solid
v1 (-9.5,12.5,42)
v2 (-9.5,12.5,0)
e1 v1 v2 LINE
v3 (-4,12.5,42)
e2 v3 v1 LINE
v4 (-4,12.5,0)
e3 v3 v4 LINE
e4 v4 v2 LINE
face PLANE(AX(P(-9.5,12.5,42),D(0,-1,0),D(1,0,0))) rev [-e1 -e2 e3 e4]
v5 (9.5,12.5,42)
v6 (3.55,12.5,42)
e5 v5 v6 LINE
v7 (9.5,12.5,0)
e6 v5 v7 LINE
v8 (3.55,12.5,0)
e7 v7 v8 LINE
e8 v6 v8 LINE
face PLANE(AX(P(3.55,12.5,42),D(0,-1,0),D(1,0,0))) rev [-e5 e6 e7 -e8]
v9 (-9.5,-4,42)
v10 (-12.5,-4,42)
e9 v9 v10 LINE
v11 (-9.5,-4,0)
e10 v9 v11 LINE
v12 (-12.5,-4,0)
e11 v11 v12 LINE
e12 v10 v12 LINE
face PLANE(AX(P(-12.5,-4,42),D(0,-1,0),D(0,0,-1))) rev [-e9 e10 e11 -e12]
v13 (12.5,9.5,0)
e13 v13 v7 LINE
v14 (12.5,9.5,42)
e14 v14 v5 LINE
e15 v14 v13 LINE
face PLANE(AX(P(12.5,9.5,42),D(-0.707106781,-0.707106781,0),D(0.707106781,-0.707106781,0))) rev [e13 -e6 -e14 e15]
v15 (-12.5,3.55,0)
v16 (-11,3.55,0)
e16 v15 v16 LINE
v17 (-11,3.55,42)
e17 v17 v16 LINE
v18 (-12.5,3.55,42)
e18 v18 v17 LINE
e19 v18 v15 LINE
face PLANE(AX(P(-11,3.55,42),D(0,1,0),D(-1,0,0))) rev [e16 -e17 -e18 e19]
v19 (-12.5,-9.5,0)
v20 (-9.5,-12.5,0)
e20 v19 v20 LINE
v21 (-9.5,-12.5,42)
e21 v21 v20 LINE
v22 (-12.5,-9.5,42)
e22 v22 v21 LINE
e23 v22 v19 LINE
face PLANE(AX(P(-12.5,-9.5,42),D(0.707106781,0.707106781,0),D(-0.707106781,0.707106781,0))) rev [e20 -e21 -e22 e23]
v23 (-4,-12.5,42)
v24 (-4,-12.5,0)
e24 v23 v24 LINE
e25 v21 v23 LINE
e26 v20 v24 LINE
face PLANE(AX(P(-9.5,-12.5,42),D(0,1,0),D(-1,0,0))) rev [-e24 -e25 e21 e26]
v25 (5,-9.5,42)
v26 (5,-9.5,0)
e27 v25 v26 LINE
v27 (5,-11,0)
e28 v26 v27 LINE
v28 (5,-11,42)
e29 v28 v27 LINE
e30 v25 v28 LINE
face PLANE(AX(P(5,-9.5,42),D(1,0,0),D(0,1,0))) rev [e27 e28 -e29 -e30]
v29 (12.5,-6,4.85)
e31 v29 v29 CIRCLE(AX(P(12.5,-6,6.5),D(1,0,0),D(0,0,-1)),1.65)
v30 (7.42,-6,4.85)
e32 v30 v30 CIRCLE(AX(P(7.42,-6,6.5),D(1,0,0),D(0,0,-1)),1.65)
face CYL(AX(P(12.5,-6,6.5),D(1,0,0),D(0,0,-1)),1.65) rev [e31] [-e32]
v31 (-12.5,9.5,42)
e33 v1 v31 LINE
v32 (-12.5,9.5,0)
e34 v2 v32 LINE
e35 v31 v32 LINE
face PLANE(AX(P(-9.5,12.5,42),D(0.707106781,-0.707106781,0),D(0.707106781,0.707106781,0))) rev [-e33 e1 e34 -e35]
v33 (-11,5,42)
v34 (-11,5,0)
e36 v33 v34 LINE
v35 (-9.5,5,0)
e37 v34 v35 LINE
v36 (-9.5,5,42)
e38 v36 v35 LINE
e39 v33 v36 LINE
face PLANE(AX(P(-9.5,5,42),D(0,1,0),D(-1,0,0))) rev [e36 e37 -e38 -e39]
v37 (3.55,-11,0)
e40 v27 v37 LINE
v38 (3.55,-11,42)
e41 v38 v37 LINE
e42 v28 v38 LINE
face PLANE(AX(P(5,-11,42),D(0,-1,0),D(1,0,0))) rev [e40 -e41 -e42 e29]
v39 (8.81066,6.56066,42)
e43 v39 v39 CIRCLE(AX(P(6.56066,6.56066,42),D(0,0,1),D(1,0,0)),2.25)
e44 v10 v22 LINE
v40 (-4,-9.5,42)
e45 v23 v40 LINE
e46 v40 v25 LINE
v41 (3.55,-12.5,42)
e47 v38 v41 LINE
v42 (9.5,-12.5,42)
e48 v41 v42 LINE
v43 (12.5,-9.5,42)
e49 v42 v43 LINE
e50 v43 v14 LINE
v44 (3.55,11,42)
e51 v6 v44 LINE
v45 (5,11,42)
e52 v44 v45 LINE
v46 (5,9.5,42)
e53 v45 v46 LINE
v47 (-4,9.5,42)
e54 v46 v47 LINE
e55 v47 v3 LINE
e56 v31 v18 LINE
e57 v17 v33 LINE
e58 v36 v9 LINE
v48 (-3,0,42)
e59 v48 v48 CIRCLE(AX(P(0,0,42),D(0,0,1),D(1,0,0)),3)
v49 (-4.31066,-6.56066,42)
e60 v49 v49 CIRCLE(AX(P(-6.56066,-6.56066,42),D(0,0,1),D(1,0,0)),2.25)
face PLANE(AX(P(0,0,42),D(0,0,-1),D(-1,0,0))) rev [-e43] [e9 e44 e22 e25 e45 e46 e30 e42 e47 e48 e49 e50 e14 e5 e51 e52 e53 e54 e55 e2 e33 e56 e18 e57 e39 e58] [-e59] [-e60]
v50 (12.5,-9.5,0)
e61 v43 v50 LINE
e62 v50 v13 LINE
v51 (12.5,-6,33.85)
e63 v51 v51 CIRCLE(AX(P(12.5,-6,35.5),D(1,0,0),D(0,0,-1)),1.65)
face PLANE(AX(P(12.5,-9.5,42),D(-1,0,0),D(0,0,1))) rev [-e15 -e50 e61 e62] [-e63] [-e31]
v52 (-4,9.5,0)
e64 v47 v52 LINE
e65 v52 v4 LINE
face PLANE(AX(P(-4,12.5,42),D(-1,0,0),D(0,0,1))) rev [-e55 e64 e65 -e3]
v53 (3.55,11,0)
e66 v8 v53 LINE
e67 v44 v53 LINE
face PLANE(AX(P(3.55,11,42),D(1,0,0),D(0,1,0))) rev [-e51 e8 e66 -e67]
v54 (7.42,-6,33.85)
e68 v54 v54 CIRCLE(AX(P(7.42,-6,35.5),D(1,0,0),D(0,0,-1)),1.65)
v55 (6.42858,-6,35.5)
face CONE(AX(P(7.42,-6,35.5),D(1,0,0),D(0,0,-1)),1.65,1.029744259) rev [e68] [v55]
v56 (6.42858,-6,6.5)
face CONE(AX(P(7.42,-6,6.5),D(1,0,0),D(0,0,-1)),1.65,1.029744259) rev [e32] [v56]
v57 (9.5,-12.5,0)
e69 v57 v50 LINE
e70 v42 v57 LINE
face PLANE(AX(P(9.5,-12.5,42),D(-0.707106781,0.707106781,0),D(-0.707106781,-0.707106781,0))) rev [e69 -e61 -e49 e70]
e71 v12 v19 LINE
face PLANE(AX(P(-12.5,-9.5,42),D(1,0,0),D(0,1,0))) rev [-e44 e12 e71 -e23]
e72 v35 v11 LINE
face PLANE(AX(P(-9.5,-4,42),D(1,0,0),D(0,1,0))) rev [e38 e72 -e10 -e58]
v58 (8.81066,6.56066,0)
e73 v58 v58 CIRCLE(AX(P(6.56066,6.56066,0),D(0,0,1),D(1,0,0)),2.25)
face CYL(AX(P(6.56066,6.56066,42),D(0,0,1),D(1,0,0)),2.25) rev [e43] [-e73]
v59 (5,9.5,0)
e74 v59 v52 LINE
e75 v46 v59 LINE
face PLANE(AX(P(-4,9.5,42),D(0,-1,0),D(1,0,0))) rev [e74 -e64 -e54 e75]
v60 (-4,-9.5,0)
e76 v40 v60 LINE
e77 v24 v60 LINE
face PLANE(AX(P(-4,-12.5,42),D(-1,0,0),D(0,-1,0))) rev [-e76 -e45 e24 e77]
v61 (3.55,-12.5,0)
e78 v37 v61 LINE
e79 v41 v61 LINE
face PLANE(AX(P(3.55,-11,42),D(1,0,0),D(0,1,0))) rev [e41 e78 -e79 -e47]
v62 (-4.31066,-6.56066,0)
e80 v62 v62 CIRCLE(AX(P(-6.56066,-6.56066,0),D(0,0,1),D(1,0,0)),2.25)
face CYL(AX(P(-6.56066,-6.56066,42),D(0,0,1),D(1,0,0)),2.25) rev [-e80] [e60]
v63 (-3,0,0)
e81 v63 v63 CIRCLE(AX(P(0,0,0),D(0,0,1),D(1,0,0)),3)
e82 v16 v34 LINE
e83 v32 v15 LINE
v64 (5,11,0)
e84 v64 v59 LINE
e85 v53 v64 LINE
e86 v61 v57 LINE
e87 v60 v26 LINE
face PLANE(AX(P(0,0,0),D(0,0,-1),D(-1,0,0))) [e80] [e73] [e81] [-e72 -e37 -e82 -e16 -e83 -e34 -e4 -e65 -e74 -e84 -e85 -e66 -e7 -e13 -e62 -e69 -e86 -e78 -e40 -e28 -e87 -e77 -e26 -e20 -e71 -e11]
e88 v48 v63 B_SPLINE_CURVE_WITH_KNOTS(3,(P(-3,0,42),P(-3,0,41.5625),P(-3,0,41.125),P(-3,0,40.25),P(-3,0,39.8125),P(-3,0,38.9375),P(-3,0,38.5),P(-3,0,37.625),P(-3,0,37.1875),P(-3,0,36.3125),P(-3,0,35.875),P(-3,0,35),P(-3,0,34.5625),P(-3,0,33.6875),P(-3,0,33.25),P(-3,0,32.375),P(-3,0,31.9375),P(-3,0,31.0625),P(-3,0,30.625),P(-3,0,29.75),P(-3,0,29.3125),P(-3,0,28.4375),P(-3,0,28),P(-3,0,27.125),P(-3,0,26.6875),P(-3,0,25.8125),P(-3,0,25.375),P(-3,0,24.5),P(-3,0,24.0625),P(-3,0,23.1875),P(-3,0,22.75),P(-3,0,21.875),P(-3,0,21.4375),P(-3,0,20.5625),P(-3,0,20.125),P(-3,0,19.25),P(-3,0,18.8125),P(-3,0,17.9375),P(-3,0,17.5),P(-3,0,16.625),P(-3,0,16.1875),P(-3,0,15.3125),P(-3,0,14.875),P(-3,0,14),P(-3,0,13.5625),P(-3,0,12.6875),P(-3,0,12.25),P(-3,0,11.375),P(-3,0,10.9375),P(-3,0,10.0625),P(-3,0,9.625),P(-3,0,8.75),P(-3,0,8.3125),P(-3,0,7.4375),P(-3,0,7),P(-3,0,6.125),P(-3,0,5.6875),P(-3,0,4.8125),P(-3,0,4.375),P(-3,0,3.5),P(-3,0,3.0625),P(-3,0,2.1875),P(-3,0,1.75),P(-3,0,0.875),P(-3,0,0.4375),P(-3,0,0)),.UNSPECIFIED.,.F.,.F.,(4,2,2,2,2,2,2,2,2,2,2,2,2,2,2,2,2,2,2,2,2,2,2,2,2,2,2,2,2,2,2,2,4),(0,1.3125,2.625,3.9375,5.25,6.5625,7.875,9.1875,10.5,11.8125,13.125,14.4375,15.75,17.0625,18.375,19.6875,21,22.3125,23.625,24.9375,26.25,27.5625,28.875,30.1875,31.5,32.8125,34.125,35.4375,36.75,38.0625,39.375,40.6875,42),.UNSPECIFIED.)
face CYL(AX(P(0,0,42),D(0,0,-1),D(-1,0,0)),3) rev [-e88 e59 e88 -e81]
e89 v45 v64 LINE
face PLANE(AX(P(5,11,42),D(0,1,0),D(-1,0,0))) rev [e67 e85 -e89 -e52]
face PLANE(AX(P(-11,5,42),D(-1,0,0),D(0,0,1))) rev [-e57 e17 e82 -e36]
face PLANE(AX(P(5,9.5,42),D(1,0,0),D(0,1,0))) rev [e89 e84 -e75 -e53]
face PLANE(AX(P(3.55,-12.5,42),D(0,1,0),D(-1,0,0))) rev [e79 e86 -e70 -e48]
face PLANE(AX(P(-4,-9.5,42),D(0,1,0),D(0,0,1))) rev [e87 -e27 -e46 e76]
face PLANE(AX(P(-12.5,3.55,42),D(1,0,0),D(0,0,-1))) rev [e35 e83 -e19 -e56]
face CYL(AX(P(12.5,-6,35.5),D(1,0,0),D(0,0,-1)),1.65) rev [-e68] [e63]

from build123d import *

# Parameters (mm, degrees)
SKETCH1_R                       = 3
BOSS_EXTRUDE1_DEPTH             = 42
M4_CLEARANCE_HOLE1_D            = 4.5
TAP_DRILL_FOR_M4X0_7_TAP1_D     = 3.3
TAP_DRILL_FOR_M4X0_7_TAP1_DEPTH = 5.08
TAP_DRILL_FOR_M4X0_7_TAP1_TIP   = 0.991420021


with BuildPart() as part:
    # Sketch1 → Boss-Extrude1 (new body)
    with BuildSketch(Plane.XY):
        Polygon((-12.5, -9.5), (-9.5, -12.5), (-4, -12.5), (-4, -9.5), (5, -9.5), (5, -11), (3.55, -11), (3.55, -12.5), (9.5, -12.5), (12.5, -9.5), (12.5, 9.5), (9.5, 12.5), (3.55, 12.5), (3.55, 11), (5, 11), (5, 9.5), (-4, 9.5), (-4, 12.5), (-9.5, 12.5), (-12.5, 9.5), (-12.5, 3.55), (-11, 3.55), (-11, 5), (-9.5, 5), (-9.5, -4), (-12.5, -4), align=None)
        with Locations(Location((0, 0, 0), (0, 0, 180))):
            Circle(SKETCH1_R, mode=Mode.SUBTRACT)
    extrude(amount=BOSS_EXTRUDE1_DEPTH)

    # M4 Clearance Hole1 (through all)
    with Locations(Plane.XY.offset(42)):
        with Locations((6.560660172, 6.560660172), (-6.560660172, -6.560660172)):
            Hole(M4_CLEARANCE_HOLE1_D / 2)

    # Tap Drill for M4x0.7 Tap1
    with Locations(Plane(origin=(12.5, 0, 0), x_dir=(0, 0, -1), z_dir=(1, 0, 0))):
        with Locations((-35.5, -6), (-6.5, -6)):
            Hole(TAP_DRILL_FOR_M4X0_7_TAP1_D / 2, depth=TAP_DRILL_FOR_M4X0_7_TAP1_DEPTH)
            with Locations((0, 0, -(TAP_DRILL_FOR_M4X0_7_TAP1_DEPTH + TAP_DRILL_FOR_M4X0_7_TAP1_TIP / 2))):  # 118° drill point
                Cone(0, TAP_DRILL_FOR_M4X0_7_TAP1_D / 2, TAP_DRILL_FOR_M4X0_7_TAP1_TIP, mode=Mode.SUBTRACT)


solid = part.part
